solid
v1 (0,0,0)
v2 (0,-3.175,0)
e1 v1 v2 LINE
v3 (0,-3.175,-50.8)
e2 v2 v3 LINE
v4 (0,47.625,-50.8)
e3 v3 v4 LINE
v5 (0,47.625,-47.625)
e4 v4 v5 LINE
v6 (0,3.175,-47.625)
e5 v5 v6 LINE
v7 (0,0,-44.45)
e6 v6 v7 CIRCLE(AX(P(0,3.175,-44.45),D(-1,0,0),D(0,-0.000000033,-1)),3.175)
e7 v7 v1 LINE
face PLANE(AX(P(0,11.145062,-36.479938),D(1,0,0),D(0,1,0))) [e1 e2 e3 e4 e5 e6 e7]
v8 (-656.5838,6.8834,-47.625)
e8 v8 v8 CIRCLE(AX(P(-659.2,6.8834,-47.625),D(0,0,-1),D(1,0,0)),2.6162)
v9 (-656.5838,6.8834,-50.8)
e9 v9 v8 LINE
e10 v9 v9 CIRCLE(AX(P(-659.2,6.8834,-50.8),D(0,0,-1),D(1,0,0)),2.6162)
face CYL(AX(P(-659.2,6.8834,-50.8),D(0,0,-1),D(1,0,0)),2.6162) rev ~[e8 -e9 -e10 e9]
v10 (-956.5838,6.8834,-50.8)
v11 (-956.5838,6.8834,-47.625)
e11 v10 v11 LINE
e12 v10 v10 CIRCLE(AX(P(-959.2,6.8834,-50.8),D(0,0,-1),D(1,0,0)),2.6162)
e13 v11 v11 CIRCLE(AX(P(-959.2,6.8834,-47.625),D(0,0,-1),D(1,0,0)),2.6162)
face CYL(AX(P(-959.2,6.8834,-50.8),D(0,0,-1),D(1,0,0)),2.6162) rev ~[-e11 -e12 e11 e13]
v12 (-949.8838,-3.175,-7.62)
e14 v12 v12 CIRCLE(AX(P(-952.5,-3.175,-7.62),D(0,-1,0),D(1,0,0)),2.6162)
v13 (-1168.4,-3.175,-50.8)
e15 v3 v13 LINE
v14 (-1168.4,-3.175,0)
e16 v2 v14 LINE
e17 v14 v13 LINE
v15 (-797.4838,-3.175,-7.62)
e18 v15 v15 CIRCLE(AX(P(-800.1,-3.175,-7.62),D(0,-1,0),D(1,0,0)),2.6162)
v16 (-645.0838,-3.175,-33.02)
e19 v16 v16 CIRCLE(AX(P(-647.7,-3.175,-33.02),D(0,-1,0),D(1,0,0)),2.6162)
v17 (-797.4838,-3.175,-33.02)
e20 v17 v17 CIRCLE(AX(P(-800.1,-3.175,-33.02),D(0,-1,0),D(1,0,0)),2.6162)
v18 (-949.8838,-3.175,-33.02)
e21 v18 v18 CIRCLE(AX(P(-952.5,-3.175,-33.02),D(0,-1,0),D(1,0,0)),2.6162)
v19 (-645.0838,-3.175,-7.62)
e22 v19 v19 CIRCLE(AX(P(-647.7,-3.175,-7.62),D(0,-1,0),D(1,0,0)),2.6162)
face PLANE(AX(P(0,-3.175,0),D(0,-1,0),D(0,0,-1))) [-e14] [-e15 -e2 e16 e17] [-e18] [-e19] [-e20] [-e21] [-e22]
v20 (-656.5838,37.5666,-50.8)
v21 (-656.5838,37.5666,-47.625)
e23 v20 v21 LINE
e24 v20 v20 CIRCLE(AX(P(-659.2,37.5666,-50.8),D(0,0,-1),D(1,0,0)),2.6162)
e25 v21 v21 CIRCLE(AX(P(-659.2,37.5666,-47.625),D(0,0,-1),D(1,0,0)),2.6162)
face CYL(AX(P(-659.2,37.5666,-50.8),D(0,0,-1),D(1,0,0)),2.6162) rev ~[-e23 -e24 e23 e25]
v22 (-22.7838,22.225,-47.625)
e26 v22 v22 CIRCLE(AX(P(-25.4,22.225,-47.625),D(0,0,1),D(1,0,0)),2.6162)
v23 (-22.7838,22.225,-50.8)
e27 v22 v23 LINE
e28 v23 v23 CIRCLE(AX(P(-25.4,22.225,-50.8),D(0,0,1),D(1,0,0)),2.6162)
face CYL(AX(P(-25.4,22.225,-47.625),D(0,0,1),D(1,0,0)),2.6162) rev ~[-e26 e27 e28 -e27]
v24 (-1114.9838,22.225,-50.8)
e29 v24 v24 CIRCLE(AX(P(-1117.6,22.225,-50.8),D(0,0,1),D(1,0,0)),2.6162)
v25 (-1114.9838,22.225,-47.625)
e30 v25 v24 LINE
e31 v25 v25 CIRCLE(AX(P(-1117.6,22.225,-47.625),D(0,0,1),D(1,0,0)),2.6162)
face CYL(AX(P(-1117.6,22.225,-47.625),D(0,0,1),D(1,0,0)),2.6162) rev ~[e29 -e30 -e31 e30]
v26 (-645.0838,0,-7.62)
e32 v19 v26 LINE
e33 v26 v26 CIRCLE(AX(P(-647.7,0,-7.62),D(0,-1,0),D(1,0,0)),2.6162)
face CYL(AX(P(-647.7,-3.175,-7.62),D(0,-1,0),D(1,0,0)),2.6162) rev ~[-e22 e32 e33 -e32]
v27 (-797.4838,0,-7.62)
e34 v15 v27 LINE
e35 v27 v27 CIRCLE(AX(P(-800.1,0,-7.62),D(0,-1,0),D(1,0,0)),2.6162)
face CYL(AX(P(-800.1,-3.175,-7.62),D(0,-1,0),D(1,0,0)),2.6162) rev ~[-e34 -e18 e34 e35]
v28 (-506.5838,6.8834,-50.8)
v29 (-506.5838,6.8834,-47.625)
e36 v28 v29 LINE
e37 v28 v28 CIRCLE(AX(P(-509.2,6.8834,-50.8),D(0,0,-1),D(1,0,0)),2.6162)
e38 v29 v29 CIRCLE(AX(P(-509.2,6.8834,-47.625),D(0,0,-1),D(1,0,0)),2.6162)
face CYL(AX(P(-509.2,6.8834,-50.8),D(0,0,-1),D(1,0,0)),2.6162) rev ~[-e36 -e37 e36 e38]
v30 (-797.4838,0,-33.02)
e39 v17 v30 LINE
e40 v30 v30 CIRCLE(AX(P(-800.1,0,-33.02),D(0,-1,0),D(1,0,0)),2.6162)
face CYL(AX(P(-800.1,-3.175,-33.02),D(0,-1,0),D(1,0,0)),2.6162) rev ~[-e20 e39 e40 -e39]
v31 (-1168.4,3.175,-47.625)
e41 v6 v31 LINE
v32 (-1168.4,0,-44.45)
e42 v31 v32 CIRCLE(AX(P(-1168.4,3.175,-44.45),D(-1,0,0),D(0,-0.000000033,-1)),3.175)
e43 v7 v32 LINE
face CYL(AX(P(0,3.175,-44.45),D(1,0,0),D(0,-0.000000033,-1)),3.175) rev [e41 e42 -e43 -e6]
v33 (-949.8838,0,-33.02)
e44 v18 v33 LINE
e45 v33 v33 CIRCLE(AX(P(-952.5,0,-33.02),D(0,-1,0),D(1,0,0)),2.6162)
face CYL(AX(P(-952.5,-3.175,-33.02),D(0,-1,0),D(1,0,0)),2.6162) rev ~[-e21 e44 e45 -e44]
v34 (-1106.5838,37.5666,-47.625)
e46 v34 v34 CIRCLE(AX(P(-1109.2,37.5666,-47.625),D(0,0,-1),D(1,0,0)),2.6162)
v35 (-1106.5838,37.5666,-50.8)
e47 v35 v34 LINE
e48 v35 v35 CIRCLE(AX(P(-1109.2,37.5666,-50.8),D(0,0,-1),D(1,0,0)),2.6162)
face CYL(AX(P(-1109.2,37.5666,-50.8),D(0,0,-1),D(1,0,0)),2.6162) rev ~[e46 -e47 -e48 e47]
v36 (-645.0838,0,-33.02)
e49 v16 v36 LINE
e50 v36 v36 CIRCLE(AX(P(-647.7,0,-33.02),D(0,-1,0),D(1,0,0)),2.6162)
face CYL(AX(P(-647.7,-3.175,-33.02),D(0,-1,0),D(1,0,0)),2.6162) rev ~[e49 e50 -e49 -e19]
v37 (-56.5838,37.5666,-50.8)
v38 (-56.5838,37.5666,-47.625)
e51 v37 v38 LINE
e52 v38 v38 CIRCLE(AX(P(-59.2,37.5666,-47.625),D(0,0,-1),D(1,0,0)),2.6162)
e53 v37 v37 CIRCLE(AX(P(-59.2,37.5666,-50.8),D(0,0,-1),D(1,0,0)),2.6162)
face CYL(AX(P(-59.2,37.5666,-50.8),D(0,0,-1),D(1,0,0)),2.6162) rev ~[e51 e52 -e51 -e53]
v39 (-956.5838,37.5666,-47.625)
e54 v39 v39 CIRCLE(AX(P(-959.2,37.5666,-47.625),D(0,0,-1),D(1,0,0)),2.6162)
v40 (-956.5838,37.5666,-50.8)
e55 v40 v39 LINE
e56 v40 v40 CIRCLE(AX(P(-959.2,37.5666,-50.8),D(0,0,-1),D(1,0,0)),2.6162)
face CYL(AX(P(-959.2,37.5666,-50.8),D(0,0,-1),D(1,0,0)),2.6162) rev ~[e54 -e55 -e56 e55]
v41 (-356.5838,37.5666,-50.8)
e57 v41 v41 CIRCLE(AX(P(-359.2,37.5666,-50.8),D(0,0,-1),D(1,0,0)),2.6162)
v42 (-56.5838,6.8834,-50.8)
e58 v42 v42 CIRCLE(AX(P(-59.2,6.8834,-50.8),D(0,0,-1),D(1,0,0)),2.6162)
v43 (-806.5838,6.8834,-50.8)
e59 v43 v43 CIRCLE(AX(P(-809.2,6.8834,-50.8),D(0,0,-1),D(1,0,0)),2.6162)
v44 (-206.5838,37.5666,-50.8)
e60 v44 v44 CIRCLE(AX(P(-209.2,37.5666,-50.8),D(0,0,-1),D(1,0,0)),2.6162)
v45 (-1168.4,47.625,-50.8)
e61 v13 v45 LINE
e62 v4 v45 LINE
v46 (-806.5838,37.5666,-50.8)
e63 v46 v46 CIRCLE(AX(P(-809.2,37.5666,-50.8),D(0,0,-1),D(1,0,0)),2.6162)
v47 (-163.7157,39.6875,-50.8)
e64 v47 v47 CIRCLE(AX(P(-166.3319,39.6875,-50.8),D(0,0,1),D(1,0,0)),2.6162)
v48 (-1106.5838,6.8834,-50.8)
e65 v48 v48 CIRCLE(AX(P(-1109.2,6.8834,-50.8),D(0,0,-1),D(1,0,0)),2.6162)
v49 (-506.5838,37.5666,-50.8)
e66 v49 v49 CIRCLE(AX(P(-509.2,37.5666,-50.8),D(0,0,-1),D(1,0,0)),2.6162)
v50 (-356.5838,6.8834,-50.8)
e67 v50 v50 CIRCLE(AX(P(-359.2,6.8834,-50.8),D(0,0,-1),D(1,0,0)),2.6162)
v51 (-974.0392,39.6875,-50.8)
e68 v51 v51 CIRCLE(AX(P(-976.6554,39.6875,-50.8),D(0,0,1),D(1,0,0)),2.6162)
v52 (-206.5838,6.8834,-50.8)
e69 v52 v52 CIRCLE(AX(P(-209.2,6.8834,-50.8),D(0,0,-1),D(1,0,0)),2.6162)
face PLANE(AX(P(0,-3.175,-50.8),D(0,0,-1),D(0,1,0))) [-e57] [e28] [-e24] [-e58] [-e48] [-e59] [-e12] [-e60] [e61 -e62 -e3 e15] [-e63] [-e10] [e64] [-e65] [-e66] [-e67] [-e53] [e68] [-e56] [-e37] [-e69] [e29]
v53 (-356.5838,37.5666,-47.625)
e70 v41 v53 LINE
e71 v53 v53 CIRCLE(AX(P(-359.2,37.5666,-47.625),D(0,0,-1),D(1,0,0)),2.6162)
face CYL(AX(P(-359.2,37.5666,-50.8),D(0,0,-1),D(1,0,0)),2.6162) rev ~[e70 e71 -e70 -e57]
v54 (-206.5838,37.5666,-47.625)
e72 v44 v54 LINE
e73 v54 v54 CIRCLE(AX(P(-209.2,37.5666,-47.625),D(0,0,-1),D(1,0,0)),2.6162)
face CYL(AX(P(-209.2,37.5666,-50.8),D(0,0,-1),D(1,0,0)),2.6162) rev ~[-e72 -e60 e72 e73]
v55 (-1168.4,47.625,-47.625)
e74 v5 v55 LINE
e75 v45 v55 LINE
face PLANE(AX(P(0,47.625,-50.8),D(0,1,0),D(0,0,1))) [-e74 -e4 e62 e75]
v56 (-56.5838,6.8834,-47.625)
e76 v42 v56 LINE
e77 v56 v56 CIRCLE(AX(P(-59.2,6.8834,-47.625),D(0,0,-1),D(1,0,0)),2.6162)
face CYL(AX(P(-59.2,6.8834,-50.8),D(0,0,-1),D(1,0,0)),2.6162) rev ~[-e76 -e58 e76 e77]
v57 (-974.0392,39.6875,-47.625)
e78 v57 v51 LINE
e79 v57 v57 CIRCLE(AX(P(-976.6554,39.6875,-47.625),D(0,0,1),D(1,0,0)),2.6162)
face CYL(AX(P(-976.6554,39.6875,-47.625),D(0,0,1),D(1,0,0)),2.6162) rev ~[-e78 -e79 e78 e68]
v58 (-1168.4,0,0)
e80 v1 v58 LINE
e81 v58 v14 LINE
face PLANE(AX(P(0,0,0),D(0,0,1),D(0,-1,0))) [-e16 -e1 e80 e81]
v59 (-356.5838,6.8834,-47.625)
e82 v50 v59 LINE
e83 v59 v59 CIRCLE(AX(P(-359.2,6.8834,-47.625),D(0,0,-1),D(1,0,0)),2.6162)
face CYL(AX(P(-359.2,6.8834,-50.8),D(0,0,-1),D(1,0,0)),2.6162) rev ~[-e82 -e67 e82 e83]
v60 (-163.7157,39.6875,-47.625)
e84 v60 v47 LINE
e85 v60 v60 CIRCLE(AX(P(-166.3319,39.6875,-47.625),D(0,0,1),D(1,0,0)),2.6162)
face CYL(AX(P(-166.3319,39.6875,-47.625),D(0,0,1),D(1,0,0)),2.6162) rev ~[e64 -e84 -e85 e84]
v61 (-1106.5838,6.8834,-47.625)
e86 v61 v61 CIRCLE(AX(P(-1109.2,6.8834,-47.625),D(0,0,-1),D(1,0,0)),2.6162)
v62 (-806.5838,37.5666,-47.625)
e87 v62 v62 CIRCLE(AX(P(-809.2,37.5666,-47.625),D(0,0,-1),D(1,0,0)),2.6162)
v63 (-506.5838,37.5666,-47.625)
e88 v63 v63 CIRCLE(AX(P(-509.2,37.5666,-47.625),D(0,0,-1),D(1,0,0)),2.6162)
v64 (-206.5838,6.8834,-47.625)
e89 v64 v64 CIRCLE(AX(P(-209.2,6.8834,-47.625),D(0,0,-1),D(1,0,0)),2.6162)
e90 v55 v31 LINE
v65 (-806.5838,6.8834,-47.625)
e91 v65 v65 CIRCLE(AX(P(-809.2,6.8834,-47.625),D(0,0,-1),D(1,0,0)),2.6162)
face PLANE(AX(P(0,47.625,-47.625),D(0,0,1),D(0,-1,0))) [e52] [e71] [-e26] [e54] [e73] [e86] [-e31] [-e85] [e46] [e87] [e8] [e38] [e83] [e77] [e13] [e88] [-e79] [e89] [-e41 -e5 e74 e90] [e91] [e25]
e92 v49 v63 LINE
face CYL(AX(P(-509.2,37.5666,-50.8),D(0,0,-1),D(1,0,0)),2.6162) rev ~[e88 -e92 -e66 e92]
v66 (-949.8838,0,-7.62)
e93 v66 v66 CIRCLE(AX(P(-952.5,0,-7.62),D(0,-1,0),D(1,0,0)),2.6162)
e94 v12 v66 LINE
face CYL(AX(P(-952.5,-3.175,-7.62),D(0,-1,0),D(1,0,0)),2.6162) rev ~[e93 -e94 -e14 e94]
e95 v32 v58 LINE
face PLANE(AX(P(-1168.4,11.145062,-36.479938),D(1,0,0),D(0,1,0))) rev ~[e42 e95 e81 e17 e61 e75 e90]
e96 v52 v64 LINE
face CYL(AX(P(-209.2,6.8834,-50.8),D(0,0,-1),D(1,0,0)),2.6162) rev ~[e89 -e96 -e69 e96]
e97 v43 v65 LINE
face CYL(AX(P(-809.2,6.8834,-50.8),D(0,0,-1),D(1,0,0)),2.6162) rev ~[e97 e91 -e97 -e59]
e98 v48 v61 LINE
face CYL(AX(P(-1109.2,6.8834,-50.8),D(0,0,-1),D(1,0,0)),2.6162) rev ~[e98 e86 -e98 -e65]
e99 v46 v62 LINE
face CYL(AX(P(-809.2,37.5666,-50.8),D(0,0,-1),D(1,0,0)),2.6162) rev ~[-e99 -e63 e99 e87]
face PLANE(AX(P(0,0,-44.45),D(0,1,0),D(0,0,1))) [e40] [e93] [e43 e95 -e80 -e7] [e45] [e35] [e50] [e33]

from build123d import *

# Parameters (mm, degrees)
F1_DEPTH = 1168.4
F2_R     = 2.6162
F3_DEPTH = 50.801
F4_R     = 2.6162
F5_DEPTH = 3.176
F6_R     = 2.6162
F7_DEPTH = 50.801


with BuildPart() as f1:
    # F0 (on Right) → F1 (new body)
    with BuildSketch(Plane.YZ):
        with BuildLine():
            Line((0, -44.45), (0, 0))
            Line((0, 0), (-3.175, 0))
            Line((-3.175, 0), (-3.175, -50.8))
            Line((-3.175, -50.8), (47.625, -50.8))
            Line((47.625, -50.8), (47.625, -47.625))
            Line((47.625, -47.625), (3.175, -47.625))
            ThreePointArc((3.175, -47.625), (0.929936, -46.695064), (0, -44.45))
        make_face()
    extrude(amount=-F1_DEPTH)

    # F2 (on face) → F3 (cut, through all)
    with BuildSketch(Plane(origin=(0, 0, -50.8), x_dir=(1, 0, 0), z_dir=(0, 0, -1))):
        with Locations((-1109.2, -37.5666)):
            Circle(F2_R)
        with Locations((-1109.2, -6.8834)):
            Circle(F2_R)
        with Locations((-959.2, -37.5666)):
            Circle(F2_R)
        with Locations((-959.2, -6.8834)):
            Circle(F2_R)
        with Locations((-809.2, -37.5666)):
            Circle(F2_R)
        with Locations((-809.2, -6.8834)):
            Circle(F2_R)
        with Locations((-659.2, -37.5666)):
            Circle(F2_R)
        with Locations((-659.2, -6.8834)):
            Circle(F2_R)
        with Locations((-509.2, -37.5666)):
            Circle(F2_R)
        with Locations((-509.2, -6.8834)):
            Circle(F2_R)
        with Locations((-359.2, -37.5666)):
            Circle(F2_R)
        with Locations((-359.2, -6.8834)):
            Circle(F2_R)
        with Locations((-209.2, -37.5666)):
            Circle(F2_R)
        with Locations((-209.2, -6.8834)):
            Circle(F2_R)
        with Locations((-59.2, -37.5666)):
            Circle(F2_R)
        with Locations((-59.2, -6.8834)):
            Circle(F2_R)
    extrude(amount=-F3_DEPTH, mode=Mode.SUBTRACT)

    # F4 (on face) → F5 (cut, through all)
    with BuildSketch(Plane.XY.offset(-47.625)):
        with Locations((-25.4, 22.225)):
            Circle(F4_R)
        with Locations((-1117.6, 22.225)):
            Circle(F4_R)
        with Locations((-166.3319, 39.6875)):
            Circle(F4_R)
        with Locations((-976.6554, 39.6875)):
            Circle(F4_R)
    extrude(amount=-F5_DEPTH, mode=Mode.SUBTRACT)

    # F6 (on face) → F7 (cut, through all)
    with BuildSketch(Plane.XZ.offset(3.175)):
        with Locations((-952.5, -7.62)):
            Circle(F6_R)
        with Locations((-800.1, -7.62)):
            Circle(F6_R)
        with Locations((-647.7, -7.62)):
            Circle(F6_R)
        with Locations((-952.5, -33.02)):
            Circle(F6_R)
        with Locations((-800.1, -33.02)):
            Circle(F6_R)
        with Locations((-647.7, -33.02)):
            Circle(F6_R)
    extrude(amount=-F7_DEPTH, mode=Mode.SUBTRACT)


solid = f1.part
